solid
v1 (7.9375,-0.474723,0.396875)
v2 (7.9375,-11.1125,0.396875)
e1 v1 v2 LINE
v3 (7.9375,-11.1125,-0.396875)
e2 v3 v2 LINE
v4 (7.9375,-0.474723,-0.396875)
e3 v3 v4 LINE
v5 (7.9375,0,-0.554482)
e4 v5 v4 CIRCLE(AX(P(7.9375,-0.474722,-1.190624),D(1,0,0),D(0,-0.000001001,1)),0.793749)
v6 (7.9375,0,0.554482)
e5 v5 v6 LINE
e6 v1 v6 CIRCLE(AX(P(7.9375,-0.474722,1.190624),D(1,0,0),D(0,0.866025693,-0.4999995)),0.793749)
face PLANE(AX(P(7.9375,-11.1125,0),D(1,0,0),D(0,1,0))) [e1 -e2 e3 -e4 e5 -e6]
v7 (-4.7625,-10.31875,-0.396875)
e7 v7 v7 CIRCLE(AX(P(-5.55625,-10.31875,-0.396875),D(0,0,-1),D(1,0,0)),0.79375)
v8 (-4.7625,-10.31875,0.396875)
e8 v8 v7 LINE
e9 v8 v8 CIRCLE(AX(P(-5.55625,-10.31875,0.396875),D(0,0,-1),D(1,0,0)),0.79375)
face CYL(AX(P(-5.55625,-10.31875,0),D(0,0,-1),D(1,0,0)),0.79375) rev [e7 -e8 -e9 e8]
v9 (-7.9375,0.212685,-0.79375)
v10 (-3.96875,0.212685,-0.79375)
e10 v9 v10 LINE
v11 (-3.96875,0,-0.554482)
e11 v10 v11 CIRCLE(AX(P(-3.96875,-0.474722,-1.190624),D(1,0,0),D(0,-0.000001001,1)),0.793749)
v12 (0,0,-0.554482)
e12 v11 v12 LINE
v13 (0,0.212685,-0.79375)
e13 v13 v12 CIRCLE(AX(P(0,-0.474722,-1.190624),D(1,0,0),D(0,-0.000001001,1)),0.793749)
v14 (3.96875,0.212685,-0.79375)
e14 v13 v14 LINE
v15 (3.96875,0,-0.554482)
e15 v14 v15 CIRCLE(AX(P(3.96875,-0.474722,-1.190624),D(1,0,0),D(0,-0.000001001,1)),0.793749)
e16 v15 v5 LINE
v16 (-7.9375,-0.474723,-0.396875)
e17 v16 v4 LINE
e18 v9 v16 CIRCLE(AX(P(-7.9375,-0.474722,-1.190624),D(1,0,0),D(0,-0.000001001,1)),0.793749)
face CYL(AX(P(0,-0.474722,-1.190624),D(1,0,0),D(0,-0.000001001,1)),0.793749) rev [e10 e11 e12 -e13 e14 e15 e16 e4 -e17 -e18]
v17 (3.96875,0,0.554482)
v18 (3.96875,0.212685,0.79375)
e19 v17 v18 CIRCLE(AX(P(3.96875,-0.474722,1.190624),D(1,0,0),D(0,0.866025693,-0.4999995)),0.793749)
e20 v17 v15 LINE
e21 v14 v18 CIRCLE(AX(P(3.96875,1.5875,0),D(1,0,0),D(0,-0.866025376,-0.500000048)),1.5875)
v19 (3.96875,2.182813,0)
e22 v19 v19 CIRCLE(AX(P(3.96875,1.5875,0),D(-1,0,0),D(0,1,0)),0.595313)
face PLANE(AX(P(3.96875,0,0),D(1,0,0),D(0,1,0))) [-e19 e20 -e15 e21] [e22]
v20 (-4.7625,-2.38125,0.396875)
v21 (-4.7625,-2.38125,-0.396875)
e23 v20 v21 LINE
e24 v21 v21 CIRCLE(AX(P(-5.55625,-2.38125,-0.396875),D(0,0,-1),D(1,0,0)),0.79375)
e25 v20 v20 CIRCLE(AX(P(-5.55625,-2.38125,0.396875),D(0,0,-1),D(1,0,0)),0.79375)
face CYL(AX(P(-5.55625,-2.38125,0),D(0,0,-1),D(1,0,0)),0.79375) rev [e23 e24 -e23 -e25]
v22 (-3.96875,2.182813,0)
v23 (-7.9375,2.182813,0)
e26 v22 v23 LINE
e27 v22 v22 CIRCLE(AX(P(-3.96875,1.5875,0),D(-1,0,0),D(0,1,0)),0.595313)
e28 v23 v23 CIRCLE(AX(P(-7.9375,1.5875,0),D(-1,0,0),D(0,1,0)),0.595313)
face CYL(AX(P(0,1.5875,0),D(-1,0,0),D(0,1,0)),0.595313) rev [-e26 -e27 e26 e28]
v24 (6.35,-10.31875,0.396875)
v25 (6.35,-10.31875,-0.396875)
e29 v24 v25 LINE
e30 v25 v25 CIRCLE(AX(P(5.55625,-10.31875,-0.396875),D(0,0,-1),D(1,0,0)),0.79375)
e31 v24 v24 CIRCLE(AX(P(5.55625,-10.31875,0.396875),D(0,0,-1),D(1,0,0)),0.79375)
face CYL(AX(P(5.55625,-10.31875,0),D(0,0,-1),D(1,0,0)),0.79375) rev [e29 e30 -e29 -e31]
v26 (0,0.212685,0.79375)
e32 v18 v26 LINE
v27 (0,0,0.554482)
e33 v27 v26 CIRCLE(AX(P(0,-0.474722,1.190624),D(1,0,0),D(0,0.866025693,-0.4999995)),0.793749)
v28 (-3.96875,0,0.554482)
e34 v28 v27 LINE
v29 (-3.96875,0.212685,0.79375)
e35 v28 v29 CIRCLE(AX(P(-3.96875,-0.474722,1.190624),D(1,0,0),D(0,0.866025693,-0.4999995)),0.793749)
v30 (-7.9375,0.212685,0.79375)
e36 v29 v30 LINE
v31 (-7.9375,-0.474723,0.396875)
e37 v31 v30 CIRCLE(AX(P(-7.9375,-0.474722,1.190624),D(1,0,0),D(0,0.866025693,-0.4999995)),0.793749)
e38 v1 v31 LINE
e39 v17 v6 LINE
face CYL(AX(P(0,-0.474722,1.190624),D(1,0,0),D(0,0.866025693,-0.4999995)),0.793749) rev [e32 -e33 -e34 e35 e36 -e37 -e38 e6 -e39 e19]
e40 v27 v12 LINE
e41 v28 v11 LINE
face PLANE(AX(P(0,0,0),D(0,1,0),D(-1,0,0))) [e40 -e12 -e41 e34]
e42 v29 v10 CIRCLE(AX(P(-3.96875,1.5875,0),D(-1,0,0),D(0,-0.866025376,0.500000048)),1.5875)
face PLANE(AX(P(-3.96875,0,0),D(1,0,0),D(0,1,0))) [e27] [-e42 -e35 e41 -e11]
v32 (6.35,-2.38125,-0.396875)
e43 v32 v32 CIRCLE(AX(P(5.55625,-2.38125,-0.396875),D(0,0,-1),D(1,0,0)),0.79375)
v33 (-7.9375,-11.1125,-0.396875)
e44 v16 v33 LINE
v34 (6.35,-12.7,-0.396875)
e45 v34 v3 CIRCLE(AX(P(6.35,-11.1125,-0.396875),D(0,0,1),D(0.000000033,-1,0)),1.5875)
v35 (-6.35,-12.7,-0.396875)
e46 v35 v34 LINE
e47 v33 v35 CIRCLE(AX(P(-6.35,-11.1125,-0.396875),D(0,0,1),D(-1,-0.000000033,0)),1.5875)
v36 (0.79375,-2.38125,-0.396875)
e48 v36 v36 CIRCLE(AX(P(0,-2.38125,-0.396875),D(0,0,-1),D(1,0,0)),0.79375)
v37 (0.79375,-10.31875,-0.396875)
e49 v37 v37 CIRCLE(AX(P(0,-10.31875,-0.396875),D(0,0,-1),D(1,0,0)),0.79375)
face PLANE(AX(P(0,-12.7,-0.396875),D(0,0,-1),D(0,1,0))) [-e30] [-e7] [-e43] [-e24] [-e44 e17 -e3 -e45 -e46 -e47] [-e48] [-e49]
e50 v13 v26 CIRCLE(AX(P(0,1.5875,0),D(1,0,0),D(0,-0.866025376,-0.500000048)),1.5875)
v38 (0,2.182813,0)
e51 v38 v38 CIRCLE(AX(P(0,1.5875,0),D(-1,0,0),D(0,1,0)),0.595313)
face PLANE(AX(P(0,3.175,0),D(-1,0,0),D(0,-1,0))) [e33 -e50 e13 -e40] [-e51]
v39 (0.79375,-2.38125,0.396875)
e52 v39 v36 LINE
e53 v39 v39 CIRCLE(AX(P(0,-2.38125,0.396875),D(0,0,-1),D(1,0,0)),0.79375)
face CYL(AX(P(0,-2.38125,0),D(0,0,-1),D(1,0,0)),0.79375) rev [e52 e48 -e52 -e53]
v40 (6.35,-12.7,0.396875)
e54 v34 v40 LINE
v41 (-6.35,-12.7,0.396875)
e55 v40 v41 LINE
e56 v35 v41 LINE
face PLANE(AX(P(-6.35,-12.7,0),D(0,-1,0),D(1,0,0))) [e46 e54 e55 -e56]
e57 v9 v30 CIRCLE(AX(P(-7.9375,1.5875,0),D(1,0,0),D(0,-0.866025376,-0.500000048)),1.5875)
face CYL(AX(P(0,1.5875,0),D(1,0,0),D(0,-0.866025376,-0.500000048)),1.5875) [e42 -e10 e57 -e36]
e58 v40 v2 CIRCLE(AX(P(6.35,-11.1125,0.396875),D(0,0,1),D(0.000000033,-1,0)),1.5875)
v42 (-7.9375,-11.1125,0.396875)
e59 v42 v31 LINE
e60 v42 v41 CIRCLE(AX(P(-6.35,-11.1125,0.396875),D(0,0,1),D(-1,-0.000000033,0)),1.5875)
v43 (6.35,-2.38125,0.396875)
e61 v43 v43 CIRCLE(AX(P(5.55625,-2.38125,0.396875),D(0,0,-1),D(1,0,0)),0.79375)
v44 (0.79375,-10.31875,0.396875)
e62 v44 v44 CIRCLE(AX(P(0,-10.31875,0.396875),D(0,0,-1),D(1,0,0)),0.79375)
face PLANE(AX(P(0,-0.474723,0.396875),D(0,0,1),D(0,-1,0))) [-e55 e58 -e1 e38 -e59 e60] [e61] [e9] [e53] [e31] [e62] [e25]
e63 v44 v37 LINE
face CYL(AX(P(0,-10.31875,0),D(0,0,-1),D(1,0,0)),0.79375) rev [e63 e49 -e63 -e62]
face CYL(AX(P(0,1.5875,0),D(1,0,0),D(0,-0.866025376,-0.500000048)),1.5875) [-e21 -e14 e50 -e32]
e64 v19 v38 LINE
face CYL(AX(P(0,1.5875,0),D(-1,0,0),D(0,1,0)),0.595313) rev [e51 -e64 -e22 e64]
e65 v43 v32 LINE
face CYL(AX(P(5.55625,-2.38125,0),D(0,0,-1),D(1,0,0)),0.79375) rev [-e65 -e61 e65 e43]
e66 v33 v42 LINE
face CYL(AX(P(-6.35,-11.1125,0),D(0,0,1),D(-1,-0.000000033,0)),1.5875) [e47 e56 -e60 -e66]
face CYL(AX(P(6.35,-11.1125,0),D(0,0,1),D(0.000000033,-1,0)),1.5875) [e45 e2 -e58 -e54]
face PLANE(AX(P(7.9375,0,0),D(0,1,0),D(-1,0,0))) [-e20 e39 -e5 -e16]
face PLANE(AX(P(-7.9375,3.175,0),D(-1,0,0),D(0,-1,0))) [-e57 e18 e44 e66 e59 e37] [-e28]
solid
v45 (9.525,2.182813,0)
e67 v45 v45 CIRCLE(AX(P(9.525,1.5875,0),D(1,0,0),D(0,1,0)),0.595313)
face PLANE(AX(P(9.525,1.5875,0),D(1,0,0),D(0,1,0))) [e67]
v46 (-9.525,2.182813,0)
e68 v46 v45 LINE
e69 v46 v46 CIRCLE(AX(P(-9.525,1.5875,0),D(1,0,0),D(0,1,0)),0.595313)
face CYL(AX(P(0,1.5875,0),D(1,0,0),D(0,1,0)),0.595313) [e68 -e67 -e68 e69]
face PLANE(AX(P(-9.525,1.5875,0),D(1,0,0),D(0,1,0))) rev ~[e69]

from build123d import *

# Parameters (mm, degrees)
F0_R     = 0.79375
F2_DEPTH = 1.5875
F1_R     = 0.595313
F3_DEPTH = 12.7
F4_DEPTH = 9.525


with BuildPart() as f2:
    # F0 (on Top) → F2 (new body, symmetric)
    with BuildSketch(Plane.XY):
        with BuildLine():
            Line((-3.96875, 3.175), (-7.9375, 3.175))
            Line((-7.9375, 3.175), (-7.9375, -11.1125))
            ThreePointArc((-7.9375, -11.1125), (-7.472532, -12.235032), (-6.35, -12.7))
            Line((-6.35, -12.7), (6.35, -12.7))
            ThreePointArc((6.35, -12.7), (7.472532, -12.235032), (7.9375, -11.1125))
            Line((7.9375, -11.1125), (7.9375, 0))
            Line((7.9375, 0), (3.96875, 0))
            Line((3.96875, 0), (3.96875, 3.175))
            Line((3.96875, 3.175), (0, 3.175))
            Line((0, 3.175), (0, 0))
            Line((0, 0), (-3.96875, 0))
            Line((-3.96875, 0), (-3.96875, 3.175))
        make_face()
        with Locations((-5.55625, -10.31875)):
            Circle(F0_R, mode=Mode.SUBTRACT)
        with Locations((0, -10.31875)):
            Circle(F0_R, mode=Mode.SUBTRACT)
        with Locations((5.55625, -10.31875)):
            Circle(F0_R, mode=Mode.SUBTRACT)
        with Locations((-5.55625, -2.38125)):
            Circle(F0_R, mode=Mode.SUBTRACT)
        with Locations((0, -2.38125)):
            Circle(F0_R, mode=Mode.SUBTRACT)
        with Locations((5.55625, -2.38125)):
            Circle(F0_R, mode=Mode.SUBTRACT)
    extrude(amount=F2_DEPTH, both=True)

    # F1 (on Right) → F3 (intersect, symmetric)
    with BuildSketch(Plane.YZ):
        with BuildLine():
            Line((-12.7, 0.396875), (-12.7, -0.396875))
            Line((-12.7, -0.396875), (-0.474723, -0.396875))
            ThreePointArc((-0.474723, -0.396875), (-0.077848, -0.503217), (0.212685, -0.79375))
            ThreePointArc((0.212685, -0.79375), (3.175, 0), (0.212685, 0.79375))
            ThreePointArc((0.212685, 0.79375), (-0.077848, 0.503217), (-0.474723, 0.396875))
            Line((-0.474723, 0.396875), (-12.7, 0.396875))
        make_face()
        with Locations((1.5875, 0)):
            Circle(F1_R, mode=Mode.SUBTRACT)
    extrude(amount=F3_DEPTH, both=True, mode=Mode.INTERSECT)


with BuildPart() as f4:
    # F1 (on Right) → F4 (new body, symmetric)
    with BuildSketch(Plane.YZ):
        with Locations((1.5875, 0)):
            Circle(F1_R)
    extrude(amount=F4_DEPTH, both=True)


solid = Compound([f2.part, f4.part])
